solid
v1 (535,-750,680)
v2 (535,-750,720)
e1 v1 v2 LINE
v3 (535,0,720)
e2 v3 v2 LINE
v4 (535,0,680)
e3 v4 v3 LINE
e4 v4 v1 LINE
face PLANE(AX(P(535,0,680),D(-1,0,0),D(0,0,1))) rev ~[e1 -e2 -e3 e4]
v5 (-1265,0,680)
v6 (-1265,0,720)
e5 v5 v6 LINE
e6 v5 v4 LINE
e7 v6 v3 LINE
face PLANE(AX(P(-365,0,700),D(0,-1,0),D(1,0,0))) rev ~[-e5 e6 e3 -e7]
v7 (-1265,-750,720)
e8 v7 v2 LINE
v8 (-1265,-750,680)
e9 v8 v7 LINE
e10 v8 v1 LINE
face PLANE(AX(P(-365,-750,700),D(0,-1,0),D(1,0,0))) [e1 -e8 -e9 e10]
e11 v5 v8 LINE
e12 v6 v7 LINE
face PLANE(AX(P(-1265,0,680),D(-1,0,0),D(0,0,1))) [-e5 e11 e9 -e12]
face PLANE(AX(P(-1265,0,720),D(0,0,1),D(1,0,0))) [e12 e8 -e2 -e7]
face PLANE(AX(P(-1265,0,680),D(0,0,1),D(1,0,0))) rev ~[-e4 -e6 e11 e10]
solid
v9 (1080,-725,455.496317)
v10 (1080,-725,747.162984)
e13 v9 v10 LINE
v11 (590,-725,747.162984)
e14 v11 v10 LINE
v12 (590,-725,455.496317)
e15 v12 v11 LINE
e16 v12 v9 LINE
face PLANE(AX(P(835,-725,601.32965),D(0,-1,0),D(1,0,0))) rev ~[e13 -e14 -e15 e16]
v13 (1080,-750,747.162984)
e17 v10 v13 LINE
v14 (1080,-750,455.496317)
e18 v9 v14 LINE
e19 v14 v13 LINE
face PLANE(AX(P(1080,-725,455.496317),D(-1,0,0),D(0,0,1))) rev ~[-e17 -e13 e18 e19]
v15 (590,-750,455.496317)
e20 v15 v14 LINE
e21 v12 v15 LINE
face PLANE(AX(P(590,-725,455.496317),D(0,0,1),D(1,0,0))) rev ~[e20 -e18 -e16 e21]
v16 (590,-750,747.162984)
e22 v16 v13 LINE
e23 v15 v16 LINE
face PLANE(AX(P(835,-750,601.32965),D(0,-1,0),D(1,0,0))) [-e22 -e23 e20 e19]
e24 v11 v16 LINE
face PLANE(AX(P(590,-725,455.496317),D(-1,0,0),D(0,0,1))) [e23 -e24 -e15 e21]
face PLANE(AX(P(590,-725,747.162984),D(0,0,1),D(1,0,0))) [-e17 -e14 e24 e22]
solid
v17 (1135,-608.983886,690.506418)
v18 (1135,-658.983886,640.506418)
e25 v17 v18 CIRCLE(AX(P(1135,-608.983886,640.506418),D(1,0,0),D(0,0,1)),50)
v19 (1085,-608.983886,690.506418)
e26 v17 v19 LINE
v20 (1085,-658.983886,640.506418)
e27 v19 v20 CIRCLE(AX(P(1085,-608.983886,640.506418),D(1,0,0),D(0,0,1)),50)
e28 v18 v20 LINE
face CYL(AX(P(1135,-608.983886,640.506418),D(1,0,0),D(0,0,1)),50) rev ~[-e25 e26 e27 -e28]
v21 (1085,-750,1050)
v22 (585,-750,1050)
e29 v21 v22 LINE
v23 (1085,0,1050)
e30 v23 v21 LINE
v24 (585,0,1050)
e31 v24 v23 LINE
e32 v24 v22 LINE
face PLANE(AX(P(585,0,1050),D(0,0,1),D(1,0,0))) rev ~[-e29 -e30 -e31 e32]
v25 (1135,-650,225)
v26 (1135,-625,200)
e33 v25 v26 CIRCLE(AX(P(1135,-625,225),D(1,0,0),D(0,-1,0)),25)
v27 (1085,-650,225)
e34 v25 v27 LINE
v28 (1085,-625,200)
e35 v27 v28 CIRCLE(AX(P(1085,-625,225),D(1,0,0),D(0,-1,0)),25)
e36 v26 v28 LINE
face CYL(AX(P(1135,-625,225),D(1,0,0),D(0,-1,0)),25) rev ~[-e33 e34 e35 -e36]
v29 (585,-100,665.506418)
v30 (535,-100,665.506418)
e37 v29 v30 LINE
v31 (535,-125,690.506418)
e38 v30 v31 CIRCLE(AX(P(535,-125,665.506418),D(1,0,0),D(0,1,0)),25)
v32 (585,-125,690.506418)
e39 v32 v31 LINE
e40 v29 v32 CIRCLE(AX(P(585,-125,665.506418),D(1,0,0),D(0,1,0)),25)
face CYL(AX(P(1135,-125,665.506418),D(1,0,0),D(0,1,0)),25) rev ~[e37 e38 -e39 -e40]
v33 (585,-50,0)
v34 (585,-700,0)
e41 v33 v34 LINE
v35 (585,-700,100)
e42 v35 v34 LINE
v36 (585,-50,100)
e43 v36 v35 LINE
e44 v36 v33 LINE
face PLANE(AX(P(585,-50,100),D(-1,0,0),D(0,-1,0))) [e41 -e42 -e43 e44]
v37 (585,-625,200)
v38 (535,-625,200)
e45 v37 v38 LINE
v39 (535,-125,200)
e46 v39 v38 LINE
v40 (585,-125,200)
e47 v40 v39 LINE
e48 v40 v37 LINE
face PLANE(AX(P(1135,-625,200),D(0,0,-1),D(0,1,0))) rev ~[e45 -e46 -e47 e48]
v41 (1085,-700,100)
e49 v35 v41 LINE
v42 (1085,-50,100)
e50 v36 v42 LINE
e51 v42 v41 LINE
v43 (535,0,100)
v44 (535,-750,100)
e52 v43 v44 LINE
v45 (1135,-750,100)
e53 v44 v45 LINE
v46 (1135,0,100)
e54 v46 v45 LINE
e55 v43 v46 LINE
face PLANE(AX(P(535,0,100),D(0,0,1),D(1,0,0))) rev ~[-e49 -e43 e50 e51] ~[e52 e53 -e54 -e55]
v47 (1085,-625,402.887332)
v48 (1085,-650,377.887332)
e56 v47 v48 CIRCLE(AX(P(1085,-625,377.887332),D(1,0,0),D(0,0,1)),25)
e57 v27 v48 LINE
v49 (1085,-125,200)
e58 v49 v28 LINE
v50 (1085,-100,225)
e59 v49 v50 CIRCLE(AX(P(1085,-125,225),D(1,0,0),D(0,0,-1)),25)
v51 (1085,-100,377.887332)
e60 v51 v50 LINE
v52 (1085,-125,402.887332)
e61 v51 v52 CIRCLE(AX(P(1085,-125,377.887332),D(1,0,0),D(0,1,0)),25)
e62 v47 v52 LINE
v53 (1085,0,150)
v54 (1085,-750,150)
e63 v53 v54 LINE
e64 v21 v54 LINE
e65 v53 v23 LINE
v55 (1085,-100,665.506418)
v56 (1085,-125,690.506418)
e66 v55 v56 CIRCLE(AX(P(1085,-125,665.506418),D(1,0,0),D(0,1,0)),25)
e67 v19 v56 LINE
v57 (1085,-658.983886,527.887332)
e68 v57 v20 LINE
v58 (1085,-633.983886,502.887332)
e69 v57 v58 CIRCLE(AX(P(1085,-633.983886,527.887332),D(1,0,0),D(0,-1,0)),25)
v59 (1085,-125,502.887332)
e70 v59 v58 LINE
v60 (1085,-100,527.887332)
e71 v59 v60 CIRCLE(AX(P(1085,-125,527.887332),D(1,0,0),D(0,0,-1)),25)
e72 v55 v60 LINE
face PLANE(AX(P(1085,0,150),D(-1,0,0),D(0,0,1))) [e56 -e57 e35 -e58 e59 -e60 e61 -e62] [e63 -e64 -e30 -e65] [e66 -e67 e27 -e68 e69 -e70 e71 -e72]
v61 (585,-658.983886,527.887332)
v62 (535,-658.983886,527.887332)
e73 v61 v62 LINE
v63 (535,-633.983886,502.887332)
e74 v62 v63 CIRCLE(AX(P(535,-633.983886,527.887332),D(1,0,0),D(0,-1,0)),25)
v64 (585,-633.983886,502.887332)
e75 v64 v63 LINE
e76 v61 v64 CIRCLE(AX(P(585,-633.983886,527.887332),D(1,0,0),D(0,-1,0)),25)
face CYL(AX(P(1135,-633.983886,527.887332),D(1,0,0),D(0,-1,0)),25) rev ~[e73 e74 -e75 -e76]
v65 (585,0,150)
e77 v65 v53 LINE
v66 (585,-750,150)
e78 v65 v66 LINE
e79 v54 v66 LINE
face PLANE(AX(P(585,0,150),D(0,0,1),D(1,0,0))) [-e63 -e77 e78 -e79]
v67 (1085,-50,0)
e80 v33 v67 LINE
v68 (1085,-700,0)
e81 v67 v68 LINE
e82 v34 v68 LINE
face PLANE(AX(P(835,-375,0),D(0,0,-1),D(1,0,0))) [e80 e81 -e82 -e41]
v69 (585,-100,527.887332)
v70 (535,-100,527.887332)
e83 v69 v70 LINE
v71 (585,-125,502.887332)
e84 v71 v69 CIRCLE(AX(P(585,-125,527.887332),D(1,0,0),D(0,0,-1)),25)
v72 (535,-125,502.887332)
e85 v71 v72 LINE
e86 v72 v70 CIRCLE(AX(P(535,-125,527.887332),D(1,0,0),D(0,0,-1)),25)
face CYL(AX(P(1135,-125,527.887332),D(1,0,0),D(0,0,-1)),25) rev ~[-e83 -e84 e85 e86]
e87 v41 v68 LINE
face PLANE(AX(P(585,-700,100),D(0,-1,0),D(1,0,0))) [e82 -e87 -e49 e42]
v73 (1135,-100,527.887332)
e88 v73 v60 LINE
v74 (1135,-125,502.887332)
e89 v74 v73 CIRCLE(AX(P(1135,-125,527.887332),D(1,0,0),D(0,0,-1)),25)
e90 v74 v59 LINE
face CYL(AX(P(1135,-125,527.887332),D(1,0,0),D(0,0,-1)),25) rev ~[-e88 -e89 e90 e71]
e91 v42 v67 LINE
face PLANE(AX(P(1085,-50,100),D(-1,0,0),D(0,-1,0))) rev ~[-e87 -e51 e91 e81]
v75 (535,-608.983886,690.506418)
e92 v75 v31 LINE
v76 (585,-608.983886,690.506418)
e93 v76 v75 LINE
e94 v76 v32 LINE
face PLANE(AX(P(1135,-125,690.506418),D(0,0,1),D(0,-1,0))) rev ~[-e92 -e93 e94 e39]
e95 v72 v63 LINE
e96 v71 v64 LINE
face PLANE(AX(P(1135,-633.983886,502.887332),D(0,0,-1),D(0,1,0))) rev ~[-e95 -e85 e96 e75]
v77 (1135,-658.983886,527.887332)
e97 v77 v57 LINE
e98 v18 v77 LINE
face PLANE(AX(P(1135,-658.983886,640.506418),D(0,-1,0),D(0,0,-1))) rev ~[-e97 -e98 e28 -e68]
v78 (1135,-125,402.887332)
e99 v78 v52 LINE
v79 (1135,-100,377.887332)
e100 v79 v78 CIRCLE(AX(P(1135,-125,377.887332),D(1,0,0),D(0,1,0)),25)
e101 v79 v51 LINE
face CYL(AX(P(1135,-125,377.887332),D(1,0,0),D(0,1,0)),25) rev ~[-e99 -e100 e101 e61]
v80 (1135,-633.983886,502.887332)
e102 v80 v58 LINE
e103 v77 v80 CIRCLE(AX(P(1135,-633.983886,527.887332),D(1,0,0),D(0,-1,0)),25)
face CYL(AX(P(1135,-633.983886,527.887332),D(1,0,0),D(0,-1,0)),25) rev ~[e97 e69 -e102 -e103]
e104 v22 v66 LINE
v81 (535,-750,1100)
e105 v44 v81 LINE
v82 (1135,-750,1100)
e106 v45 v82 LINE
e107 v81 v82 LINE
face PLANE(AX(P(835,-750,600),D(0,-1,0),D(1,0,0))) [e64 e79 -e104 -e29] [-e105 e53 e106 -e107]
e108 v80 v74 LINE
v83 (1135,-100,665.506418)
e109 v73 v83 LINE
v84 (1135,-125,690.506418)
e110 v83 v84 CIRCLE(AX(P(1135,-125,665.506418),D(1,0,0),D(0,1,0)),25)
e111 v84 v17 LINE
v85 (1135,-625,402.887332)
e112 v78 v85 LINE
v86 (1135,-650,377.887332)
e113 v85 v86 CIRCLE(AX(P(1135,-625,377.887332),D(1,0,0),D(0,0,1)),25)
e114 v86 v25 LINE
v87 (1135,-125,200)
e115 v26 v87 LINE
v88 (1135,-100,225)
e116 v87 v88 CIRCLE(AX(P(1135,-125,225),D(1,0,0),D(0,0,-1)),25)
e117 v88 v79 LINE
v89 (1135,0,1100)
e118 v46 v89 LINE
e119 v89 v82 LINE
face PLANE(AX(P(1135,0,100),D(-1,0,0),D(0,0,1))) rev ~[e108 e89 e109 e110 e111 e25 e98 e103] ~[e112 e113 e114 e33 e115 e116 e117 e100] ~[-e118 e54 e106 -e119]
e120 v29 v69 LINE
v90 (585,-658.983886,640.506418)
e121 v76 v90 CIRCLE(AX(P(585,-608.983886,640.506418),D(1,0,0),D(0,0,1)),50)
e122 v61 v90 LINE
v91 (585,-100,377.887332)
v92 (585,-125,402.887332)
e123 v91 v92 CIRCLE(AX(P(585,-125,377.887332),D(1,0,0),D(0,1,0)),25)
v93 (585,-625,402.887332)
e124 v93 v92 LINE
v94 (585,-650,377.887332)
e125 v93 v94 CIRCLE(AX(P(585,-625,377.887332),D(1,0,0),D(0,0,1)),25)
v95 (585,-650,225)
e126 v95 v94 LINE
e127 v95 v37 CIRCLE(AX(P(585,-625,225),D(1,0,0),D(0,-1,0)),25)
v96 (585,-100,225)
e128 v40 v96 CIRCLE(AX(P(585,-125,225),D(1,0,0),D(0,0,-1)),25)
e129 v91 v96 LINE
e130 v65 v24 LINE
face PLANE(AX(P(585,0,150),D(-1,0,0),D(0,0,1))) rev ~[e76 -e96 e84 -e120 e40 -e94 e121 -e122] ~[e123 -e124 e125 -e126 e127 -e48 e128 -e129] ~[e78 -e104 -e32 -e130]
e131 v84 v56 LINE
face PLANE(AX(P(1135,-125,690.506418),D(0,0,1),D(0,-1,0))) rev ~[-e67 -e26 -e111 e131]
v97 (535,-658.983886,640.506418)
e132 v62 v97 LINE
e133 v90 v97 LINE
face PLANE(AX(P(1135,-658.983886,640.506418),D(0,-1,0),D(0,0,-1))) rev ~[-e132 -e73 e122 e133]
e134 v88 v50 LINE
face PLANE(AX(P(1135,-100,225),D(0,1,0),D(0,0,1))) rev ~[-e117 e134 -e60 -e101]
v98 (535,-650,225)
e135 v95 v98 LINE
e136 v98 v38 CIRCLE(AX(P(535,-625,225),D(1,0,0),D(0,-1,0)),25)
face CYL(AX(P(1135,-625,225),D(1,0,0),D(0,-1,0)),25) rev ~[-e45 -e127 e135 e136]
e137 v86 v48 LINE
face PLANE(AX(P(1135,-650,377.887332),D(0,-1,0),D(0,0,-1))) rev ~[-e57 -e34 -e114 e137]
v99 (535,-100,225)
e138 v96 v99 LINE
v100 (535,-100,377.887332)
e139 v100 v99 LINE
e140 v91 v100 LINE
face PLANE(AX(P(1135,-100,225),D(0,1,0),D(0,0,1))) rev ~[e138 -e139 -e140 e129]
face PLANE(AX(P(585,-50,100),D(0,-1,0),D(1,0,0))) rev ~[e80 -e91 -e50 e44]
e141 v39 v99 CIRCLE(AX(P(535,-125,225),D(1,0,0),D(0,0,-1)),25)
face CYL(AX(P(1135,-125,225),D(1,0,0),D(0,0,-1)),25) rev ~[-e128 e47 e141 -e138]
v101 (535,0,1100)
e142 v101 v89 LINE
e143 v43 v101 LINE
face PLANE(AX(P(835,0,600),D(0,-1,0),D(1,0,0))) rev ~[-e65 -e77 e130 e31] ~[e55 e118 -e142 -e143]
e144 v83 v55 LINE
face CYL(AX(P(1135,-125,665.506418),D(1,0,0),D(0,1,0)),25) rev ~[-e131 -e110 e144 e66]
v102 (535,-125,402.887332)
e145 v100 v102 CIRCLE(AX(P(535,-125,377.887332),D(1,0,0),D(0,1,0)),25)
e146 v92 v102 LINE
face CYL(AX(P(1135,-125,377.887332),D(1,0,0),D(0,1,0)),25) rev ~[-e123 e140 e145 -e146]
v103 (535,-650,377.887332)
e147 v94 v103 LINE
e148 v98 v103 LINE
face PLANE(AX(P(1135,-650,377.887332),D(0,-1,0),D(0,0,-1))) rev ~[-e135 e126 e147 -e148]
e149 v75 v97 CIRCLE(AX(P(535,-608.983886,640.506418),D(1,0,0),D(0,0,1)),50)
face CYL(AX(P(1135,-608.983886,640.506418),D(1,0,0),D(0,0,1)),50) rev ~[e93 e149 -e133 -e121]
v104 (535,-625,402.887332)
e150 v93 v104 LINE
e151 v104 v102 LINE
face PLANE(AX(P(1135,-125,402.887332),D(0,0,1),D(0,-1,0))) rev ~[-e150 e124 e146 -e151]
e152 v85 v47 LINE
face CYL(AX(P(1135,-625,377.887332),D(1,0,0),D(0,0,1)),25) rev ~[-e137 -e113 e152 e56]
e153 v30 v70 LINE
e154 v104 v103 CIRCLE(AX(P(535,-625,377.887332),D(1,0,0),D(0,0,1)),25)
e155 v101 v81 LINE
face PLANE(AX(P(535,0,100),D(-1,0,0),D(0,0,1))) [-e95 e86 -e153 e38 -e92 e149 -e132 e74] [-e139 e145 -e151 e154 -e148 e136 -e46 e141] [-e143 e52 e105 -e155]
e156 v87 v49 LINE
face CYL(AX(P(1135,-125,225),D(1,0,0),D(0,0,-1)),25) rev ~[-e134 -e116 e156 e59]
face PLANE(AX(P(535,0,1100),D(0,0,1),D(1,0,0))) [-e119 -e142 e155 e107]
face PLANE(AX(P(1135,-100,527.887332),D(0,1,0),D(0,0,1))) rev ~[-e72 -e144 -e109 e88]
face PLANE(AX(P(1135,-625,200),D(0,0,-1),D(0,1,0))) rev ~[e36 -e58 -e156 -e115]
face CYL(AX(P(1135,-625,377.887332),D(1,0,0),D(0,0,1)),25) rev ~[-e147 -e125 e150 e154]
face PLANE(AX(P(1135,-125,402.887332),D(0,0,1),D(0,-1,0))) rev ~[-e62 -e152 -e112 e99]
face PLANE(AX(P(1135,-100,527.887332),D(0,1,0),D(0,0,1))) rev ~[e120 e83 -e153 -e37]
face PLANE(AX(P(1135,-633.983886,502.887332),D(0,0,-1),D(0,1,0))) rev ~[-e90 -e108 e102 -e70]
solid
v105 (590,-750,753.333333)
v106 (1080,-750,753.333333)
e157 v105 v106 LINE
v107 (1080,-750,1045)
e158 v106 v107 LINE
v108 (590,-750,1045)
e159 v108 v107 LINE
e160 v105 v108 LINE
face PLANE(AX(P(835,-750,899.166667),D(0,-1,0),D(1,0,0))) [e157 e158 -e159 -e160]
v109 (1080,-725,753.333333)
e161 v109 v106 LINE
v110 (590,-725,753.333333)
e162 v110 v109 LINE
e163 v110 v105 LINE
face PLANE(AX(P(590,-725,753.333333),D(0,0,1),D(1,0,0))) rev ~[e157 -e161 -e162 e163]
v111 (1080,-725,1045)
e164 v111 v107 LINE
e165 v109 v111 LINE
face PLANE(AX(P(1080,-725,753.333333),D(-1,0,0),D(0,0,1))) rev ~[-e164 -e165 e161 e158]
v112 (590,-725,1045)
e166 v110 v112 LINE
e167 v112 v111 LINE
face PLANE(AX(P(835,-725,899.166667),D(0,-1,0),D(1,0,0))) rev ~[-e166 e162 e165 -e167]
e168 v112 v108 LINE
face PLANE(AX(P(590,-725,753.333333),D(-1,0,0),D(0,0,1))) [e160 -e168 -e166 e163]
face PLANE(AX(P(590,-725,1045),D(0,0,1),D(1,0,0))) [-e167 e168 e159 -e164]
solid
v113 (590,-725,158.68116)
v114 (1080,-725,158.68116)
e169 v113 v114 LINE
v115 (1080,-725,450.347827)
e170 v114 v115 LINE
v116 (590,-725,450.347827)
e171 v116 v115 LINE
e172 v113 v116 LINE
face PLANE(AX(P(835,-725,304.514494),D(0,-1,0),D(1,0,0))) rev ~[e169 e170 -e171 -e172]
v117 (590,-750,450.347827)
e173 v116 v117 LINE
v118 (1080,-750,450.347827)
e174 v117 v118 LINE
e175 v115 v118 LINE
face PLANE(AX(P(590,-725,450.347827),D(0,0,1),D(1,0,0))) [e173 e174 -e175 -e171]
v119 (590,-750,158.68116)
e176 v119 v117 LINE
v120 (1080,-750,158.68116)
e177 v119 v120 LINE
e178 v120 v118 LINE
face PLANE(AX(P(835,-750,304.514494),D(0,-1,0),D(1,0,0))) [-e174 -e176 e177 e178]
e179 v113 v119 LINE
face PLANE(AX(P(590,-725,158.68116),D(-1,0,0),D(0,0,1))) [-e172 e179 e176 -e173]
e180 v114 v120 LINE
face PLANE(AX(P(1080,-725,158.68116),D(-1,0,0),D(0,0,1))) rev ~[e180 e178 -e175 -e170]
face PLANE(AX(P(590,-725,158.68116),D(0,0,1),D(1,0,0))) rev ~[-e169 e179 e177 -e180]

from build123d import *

# Parameters (mm, degrees)
F2_W      = 1800
F2_H      = 40
F4_DEPTH  = 750
F5_W      = 600
F5_H      = 1000
F6_DEPTH  = 750
F7_W      = 500
F7_H      = 900
F8_DEPTH  = 750.001
F10_DEPTH = 2400.001
F11_W     = 490
F11_H     = 291.6666666667
F12_DEPTH = 25
F15_W     = 500
F15_H     = 650
F16_DEPTH = 100


with BuildPart() as f4:
    # F2 (on face) → F4 (new body)
    with BuildSketch(Plane.XZ):
        with Locations((-365, 700)):
            Rectangle(F2_W, F2_H)
    extrude(amount=F4_DEPTH)


with BuildPart() as f6:
    # F5 (on face) → F6 (new body)
    with BuildSketch(Plane.XZ):
        with Locations((835, 500)):
            Rectangle(F5_W, F5_H)
    extrude(amount=F6_DEPTH)

    # F7 (on face) → F8 (cut, through all)
    with BuildSketch(Plane.XZ):
        with Locations((835, 500)):
            Rectangle(F7_W, F7_H)
    extrude(amount=F8_DEPTH, mode=Mode.SUBTRACT)

    # F9 (on face) → F10 (cut, through all)
    with BuildSketch(Plane.YZ.offset(1135)):
        with BuildLine():
            Line((-125, 590.5064177513), (-608.9838862419, 590.5064177513))
            ThreePointArc((-608.9838862419, 590.5064177513), (-644.3392253012, 575.8617568106), (-658.9838862419, 540.5064177513))
            Line((-658.9838862419, 540.5064177513), (-658.9838862419, 427.8873324394))
            ThreePointArc((-658.9838862419, 427.8873324394), (-651.6615557716, 410.2096629098), (-633.9838862419, 402.8873324394))
            Line((-633.9838862419, 402.8873324394), (-125, 402.8873324394))
            ThreePointArc((-125, 402.8873324394), (-107.3223304703, 410.2096629098), (-100, 427.8873324394))
            Line((-100, 427.8873324394), (-100, 565.5064177513))
            ThreePointArc((-100, 565.5064177513), (-107.3223304703, 583.184087281), (-125, 590.5064177513))
        make_face()
        with BuildLine():
            Line((-125, 302.8873324394), (-625, 302.8873324394))
            ThreePointArc((-625, 302.8873324394), (-642.6776695297, 295.5650019691), (-650, 277.8873324394))
            Line((-650, 277.8873324394), (-650, 125))
            ThreePointArc((-650, 125), (-642.6776695297, 107.3223304703), (-625, 100))
            Line((-625, 100), (-125, 100))
            ThreePointArc((-125, 100), (-107.3223304703, 107.3223304703), (-100, 125))
            Line((-100, 125), (-100, 277.8873324394))
            ThreePointArc((-100, 277.8873324394), (-107.3223304703, 295.5650019691), (-125, 302.8873324394))
        make_face()
    extrude(amount=-F10_DEPTH, mode=Mode.SUBTRACT)


with BuildPart() as f12:
    # F11 (on face) → F12 (new body)
    with BuildSketch(Plane.XZ):
        with Locations((835, 501.3296504815)):
            Rectangle(F11_W, F11_H)
    extrude(amount=F12_DEPTH)


with BuildPart() as f12b:
    # F11 (on face) → F12, piece 2 (new body)
    with BuildSketch(Plane.XZ):
        with Locations((835, 799.1666666667)):
            Rectangle(F11_W, F11_H)
    extrude(amount=F12_DEPTH)


with BuildPart() as f12c:
    # F11 (on face) → F12, piece 3 (new body)
    with BuildSketch(Plane.XZ):
        with Locations((835, 204.5144935449)):
            Rectangle(F11_W, F11_H)
    extrude(amount=F12_DEPTH)


with BuildPart() as f12b_1:
    # F13: moved
    add(f12b.part.moved(Location((0, -725, 0))))


with BuildPart() as f12_1:
    # F13: moved
    add(f12.part.moved(Location((0, -725, 0))))


with BuildPart() as f12c_1:
    # F13: moved
    add(f12c.part.moved(Location((0, -725, 0))))


with BuildPart() as f6_1:
    # F14: moved
    add(f6.part.moved(Location((0, 0, 100))))

    # F15 (on face) → F16 (join)
    with BuildSketch(Plane(origin=(0, 0, 100), x_dir=(1, 0, 0), z_dir=(0, 0, -1))):
        with Locations((835, 375)):
            Rectangle(F15_W, F15_H)
    extrude(amount=F16_DEPTH)


with BuildPart() as f12b_2:
    # F14: moved
    add(f12b_1.part.moved(Location((0, 0, 100))))


with BuildPart() as f12_2:
    # F14: moved
    add(f12_1.part.moved(Location((0, 0, 100))))


with BuildPart() as f12c_2:
    # F14: moved
    add(f12c_1.part.moved(Location((0, 0, 100))))


solid = Compound([f4.part, f6_1.part, f12b_2.part, f12_2.part, f12c_2.part])
